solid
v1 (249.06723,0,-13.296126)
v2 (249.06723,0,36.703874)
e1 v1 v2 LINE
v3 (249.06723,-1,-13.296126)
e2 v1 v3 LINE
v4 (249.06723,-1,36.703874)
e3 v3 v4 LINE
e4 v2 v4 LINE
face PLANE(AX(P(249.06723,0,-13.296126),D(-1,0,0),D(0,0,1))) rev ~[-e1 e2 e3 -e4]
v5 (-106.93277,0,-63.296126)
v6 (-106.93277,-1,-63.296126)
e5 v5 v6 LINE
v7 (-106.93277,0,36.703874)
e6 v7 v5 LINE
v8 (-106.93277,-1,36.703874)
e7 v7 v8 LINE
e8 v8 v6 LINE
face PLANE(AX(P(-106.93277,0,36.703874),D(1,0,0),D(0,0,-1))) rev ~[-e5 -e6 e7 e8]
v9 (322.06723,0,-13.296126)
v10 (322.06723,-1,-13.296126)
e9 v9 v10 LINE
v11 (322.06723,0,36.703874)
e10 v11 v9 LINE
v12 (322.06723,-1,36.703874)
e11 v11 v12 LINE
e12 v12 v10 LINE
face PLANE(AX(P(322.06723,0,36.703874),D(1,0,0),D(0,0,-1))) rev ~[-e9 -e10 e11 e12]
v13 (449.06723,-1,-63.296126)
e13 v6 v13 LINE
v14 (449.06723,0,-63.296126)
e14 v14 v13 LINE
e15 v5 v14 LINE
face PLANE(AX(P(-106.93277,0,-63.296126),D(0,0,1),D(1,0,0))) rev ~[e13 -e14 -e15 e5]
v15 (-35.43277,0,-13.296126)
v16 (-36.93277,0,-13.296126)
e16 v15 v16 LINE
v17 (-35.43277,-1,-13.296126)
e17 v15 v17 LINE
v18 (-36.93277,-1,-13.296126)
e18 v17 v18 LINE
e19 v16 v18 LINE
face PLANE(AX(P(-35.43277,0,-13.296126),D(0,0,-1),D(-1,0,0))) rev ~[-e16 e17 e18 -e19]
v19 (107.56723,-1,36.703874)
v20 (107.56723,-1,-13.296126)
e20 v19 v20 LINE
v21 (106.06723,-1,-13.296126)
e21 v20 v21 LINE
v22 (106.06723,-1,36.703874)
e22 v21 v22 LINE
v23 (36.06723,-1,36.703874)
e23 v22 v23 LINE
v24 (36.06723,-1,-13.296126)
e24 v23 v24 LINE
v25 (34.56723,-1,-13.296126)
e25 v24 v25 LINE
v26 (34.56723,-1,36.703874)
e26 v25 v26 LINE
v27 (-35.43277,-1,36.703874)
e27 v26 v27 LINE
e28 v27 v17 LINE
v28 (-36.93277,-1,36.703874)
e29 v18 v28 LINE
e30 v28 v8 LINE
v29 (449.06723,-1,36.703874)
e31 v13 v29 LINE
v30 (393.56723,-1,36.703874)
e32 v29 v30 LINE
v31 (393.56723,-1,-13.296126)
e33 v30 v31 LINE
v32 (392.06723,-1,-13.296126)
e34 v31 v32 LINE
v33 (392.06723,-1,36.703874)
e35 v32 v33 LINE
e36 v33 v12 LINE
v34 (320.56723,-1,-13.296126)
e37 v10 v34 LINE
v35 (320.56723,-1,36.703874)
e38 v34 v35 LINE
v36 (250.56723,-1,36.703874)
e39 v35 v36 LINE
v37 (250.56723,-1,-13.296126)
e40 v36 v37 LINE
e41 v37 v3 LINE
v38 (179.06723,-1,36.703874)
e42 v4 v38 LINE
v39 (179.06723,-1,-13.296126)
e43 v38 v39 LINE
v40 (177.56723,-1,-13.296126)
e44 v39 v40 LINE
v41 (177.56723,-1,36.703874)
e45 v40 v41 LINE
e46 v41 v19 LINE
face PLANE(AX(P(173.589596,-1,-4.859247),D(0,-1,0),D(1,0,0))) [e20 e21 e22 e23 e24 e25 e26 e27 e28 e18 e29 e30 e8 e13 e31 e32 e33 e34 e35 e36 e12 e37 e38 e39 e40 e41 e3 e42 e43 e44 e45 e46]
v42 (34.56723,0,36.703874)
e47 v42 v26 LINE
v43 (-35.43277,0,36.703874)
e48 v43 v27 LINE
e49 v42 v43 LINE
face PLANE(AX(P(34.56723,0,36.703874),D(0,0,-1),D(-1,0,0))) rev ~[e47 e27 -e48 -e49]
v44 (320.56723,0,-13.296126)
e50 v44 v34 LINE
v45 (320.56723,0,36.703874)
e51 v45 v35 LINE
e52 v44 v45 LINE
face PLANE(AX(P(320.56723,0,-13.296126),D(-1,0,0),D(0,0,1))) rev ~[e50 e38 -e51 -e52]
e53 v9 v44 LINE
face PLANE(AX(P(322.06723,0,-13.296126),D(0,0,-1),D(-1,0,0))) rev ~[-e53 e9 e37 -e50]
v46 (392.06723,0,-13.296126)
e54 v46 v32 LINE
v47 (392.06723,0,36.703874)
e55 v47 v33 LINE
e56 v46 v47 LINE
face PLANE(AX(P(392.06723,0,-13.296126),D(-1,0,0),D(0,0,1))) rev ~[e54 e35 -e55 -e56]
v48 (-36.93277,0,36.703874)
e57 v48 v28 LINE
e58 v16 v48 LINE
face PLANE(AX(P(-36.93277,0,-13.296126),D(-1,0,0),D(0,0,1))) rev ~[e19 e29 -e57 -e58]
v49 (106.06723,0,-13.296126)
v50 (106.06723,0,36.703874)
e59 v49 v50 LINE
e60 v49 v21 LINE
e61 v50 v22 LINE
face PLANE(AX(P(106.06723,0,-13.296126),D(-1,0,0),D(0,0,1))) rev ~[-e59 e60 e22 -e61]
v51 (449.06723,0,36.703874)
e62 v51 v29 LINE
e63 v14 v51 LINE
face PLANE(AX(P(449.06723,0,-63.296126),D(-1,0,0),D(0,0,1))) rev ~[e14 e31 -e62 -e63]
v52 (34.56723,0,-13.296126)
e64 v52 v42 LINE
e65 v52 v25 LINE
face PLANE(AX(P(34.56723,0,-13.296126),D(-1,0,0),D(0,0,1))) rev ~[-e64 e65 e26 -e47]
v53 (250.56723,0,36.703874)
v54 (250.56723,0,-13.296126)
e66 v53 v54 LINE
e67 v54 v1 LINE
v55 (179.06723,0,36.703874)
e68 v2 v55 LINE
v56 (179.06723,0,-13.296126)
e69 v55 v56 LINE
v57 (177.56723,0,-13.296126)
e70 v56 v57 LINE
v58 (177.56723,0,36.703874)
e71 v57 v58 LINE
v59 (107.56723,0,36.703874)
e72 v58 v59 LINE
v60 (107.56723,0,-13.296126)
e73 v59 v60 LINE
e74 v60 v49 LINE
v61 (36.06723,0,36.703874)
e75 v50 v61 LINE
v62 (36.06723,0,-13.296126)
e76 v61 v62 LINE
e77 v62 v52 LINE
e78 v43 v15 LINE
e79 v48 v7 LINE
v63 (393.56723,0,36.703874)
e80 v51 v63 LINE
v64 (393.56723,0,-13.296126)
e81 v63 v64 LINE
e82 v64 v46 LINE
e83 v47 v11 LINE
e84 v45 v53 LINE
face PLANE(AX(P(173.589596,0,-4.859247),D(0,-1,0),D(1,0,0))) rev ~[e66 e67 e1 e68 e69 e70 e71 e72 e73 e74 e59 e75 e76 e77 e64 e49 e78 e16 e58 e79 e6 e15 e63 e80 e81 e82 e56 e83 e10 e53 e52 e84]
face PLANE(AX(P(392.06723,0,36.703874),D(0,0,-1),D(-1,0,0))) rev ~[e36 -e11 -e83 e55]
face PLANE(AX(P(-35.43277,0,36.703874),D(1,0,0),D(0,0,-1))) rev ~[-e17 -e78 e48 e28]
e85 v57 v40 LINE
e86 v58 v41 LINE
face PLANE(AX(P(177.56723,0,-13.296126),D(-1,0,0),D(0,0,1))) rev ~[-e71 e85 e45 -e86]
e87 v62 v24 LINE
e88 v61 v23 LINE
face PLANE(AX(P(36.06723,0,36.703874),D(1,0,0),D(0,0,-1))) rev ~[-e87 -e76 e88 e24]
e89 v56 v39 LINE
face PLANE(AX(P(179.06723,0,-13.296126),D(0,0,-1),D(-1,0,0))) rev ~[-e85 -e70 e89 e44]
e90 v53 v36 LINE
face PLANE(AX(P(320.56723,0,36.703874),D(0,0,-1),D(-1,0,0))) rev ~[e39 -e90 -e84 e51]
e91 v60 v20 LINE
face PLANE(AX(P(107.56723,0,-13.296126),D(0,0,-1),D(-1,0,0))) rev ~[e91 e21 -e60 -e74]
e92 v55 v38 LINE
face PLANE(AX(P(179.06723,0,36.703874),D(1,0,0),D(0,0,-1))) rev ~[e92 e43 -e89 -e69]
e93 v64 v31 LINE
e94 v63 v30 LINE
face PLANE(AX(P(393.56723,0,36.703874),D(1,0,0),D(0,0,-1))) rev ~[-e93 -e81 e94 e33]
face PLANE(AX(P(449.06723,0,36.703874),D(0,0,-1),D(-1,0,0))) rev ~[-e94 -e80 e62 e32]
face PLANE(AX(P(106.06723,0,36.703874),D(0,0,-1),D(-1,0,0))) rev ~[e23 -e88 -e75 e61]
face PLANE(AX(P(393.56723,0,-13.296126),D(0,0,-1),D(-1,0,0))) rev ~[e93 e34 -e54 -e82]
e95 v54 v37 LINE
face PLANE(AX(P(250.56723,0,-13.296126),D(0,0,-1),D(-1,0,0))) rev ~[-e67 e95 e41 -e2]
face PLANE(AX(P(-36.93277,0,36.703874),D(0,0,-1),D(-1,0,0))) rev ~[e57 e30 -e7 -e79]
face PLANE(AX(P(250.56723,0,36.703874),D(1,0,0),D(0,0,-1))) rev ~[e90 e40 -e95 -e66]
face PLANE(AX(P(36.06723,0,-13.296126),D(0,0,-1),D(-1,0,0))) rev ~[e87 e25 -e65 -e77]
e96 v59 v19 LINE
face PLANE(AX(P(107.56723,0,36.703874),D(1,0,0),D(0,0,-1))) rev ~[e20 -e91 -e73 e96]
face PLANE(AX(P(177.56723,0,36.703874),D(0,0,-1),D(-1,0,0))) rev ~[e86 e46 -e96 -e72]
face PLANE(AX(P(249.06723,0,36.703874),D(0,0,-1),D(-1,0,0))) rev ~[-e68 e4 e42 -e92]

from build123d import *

# Parameters (mm, degrees)
F1_DEPTH = 1


with BuildPart() as f1:
    # F0 (on Front) → F1 (new body)
    with BuildSketch(Plane.XZ):
        Polygon((-106.93277, 36.703874), (-106.93277, -63.296126), (449.06723, -63.296126), (449.06723, 36.703874), (393.56723, 36.703874), (393.56723, -13.296126), (392.06723, -13.296126), (392.06723, 36.703874), (322.06723, 36.703874), (322.06723, -13.296126), (320.56723, -13.296126), (320.56723, 36.703874), (250.56723, 36.703874), (250.56723, -13.296126), (249.06723, -13.296126), (249.06723, 36.703874), (179.06723, 36.703874), (179.06723, -13.296126), (177.56723, -13.296126), (177.56723, 36.703874), (107.56723, 36.703874), (107.56723, -13.296126), (106.06723, -13.296126), (106.06723, 36.703874), (36.06723, 36.703874), (36.06723, -13.296126), (34.56723, -13.296126), (34.56723, 36.703874), (-35.43277, 36.703874), (-35.43277, -13.296126), (-36.93277, -13.296126), (-36.93277, 36.703874), align=None)
    extrude(amount=F1_DEPTH)


solid = f1.part
